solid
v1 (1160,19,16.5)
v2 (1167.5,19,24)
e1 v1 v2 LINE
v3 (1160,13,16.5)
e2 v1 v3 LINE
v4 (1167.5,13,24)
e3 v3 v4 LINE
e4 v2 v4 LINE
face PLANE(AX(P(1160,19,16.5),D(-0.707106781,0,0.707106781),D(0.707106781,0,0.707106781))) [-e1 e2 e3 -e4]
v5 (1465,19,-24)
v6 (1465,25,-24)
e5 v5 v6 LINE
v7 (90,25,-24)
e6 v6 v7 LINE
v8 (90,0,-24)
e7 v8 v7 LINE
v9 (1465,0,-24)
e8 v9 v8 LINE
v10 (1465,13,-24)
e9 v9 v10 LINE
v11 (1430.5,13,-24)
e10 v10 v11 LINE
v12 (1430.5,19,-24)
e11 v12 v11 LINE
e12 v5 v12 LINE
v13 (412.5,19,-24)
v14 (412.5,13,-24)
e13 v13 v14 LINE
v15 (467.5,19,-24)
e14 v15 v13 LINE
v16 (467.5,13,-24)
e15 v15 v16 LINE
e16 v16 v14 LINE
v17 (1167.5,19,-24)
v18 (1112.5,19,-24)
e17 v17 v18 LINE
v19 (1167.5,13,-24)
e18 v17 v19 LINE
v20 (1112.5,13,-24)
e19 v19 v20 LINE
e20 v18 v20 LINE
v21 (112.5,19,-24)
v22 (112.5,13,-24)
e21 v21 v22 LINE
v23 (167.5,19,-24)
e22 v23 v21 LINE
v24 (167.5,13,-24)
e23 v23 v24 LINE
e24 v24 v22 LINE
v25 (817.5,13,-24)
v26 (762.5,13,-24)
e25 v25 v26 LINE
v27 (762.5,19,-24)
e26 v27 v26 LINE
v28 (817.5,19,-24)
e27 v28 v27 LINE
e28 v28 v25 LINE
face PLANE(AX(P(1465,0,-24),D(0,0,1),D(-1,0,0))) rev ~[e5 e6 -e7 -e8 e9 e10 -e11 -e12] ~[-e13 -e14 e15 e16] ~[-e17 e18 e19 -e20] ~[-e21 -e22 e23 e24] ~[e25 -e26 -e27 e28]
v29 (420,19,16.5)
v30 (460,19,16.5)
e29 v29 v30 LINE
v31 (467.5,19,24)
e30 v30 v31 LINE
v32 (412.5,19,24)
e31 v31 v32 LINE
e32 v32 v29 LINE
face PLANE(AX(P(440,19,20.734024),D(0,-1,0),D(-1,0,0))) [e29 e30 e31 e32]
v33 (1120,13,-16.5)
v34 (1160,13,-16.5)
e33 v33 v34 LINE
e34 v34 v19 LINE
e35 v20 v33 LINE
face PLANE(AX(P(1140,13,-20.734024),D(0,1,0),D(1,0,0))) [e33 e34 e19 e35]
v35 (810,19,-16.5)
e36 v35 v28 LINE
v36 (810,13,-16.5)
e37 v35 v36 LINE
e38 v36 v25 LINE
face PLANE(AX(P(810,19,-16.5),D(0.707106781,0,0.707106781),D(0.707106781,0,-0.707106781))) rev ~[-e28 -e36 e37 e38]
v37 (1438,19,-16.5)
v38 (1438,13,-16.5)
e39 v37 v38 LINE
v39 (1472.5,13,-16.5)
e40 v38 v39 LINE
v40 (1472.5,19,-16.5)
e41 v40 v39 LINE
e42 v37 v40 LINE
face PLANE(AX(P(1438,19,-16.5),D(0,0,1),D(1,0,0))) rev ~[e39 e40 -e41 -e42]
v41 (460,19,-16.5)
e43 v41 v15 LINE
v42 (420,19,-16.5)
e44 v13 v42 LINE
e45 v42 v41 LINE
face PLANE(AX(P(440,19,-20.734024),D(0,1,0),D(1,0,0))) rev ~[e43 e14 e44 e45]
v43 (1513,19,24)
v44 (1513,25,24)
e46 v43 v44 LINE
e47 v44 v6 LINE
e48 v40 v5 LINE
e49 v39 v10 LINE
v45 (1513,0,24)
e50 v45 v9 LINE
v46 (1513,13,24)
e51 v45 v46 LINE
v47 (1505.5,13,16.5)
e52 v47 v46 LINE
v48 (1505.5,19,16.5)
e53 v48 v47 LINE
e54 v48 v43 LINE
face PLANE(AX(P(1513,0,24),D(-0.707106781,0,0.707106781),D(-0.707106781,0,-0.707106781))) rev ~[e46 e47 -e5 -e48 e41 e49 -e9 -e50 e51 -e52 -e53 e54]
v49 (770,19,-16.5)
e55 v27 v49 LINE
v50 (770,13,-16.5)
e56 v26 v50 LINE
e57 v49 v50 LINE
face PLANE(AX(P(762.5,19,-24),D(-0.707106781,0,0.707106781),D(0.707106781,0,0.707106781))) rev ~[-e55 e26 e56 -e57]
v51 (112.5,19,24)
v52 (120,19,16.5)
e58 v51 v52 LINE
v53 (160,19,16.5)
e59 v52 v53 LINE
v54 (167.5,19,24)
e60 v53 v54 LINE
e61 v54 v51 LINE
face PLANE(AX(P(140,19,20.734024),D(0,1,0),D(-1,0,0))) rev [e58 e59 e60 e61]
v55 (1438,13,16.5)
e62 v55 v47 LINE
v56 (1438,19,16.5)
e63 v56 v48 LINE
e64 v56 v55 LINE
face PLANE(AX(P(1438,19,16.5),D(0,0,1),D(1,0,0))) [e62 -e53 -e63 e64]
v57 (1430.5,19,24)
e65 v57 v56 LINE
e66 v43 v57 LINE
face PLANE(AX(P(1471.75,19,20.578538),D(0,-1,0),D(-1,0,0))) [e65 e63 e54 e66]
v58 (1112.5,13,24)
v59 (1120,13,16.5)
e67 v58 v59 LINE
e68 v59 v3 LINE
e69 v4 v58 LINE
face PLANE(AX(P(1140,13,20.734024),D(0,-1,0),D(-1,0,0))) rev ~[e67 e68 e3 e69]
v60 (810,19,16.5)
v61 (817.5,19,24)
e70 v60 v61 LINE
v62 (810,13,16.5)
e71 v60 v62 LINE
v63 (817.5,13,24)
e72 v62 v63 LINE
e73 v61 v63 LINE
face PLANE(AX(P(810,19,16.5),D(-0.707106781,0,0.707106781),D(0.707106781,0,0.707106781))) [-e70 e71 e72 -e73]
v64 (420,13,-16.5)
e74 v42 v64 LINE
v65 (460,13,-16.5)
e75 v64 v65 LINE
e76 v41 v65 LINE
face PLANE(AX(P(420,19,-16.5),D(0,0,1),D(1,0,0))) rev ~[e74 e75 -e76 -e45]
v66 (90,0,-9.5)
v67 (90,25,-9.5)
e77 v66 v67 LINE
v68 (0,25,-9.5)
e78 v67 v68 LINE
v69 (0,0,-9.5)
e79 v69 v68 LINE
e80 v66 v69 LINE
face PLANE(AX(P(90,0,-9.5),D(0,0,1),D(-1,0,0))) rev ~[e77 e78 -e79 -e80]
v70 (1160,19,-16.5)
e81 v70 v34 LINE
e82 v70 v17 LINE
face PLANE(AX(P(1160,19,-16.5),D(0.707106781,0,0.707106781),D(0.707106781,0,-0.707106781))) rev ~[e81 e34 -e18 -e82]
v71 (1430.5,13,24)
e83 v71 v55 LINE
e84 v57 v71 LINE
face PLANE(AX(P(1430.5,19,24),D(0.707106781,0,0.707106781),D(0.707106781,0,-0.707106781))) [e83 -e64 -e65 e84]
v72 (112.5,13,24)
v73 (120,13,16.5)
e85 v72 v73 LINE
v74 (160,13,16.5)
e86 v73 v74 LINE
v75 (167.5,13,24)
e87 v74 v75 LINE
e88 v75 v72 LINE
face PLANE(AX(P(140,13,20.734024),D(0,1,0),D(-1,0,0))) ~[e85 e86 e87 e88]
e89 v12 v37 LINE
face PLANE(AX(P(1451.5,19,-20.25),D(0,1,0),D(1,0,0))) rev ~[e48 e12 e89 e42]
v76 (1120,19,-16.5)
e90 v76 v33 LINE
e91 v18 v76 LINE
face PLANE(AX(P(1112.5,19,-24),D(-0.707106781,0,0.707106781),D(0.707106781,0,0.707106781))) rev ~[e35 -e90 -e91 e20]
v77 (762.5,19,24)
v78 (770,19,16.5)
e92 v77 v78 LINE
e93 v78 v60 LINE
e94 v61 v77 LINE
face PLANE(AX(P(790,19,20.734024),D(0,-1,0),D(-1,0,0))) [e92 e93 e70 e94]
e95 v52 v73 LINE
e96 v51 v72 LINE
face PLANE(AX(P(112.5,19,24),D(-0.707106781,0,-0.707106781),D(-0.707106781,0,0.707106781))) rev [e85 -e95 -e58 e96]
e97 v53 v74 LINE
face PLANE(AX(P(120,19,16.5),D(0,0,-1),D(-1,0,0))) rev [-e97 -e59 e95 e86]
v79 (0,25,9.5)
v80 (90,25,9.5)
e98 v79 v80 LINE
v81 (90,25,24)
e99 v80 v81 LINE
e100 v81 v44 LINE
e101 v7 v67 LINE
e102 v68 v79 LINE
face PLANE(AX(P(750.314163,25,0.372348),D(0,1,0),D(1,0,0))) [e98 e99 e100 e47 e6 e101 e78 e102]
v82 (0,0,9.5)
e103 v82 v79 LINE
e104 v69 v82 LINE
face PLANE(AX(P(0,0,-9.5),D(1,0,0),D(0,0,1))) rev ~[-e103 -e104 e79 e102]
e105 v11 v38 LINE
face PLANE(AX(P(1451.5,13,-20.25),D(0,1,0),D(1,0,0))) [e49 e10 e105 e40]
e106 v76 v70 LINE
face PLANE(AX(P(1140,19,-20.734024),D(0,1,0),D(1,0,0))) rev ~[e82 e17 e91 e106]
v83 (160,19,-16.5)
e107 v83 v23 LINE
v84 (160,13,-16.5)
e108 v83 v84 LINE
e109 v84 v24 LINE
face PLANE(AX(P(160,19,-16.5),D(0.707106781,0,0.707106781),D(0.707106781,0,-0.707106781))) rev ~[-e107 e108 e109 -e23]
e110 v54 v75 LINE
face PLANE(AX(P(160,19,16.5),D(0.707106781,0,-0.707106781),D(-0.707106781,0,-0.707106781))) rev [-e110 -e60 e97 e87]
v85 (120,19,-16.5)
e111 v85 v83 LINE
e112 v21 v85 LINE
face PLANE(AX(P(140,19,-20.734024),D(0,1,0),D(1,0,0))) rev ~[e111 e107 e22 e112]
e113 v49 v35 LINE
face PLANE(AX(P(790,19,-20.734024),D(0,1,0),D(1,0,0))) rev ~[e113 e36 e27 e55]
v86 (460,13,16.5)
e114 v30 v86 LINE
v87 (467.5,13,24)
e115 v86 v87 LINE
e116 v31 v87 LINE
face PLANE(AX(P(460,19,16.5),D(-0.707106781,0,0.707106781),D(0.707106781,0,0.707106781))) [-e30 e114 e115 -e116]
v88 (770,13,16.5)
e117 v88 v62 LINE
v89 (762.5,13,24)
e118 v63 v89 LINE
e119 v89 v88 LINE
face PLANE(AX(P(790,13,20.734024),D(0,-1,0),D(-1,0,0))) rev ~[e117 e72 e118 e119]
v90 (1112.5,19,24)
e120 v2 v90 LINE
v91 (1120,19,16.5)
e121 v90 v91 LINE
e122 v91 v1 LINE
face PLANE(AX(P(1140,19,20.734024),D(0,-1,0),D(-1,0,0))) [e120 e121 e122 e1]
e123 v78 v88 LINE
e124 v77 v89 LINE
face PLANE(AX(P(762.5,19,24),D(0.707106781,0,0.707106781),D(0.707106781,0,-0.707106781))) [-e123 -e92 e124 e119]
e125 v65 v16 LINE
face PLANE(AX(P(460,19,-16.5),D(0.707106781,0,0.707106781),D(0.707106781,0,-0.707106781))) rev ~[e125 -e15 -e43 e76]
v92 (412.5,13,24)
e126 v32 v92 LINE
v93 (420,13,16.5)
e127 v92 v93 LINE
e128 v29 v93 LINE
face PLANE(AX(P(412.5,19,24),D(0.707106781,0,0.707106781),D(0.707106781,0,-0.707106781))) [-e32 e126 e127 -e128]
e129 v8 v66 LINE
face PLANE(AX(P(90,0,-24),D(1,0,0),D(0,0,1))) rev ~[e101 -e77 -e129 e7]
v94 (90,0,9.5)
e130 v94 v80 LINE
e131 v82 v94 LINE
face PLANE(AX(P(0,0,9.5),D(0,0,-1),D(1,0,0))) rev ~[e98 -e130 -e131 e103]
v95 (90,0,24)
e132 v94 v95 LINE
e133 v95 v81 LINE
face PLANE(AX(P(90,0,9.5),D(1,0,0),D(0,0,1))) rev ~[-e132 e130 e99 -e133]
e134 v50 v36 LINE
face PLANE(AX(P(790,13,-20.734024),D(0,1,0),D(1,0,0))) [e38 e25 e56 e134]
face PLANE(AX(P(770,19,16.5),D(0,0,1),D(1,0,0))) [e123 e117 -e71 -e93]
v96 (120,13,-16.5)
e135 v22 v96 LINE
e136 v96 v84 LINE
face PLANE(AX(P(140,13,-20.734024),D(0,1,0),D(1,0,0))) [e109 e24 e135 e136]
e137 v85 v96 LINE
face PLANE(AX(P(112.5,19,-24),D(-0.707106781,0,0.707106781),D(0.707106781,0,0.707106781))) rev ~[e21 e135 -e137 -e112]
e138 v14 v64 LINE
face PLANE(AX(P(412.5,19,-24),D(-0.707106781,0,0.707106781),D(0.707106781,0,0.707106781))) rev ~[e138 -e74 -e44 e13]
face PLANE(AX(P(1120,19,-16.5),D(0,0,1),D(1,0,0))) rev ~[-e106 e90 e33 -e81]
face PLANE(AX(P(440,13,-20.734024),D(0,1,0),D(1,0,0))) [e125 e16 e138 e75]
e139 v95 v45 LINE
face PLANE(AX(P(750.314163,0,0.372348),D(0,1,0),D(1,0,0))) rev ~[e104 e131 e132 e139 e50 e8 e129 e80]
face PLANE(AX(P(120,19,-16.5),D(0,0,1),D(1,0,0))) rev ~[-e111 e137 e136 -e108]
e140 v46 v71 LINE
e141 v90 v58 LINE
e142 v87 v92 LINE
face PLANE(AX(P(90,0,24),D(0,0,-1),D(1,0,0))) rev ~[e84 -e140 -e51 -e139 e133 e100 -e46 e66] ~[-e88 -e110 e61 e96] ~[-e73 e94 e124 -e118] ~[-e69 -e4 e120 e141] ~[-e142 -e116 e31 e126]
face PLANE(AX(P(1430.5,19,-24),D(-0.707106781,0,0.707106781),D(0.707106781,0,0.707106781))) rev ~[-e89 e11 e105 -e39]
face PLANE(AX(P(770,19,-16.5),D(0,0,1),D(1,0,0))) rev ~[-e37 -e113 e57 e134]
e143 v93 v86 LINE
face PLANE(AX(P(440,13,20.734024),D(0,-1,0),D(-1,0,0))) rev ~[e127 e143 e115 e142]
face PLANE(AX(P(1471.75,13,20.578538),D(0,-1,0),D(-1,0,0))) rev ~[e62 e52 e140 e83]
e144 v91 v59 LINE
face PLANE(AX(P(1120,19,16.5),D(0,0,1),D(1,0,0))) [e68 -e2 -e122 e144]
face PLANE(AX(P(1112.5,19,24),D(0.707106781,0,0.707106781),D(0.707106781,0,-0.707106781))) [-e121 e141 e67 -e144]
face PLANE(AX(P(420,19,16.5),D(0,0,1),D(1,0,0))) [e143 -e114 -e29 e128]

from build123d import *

# Parameters (mm, degrees)
EXTRUDE_1_DEPTH               = 25
CUT_EXTRUDE_START             = -6
CUT_EXTRUDE_1_DEPTH           = 6
PATTERN_LINEAR_1_COUNT        = 2
PATTERN_LINEAR_1_PITCH        = 300
PATTERN_START                 = -6
PATTERN_LINEAR_3_COPY_1_DEPTH = 6
PATTERN_LINEAR_3_COPY_2_DEPTH = 6
MIRROR_START                  = -6
MIRROR_5_COPY_1_DEPTH         = 6
MIRROR_5_COPY_2_DEPTH         = 6
MIRROR_5_COPY_3_DEPTH         = 6
MIRROR_5_COPY_4_DEPTH         = 6
MIRROR_5_COPY_5_DEPTH         = 6
CUT_EXTRUDE_3_DEPTH           = 6
CUT_EXTRUDE_4_DEPTH           = 6


with BuildPart() as part:
    # 草图1 → 凸台-拉伸1 (new body)
    with BuildSketch(Plane(origin=(0, 0, 0), x_dir=(1, 0, 0), z_dir=(0, 1, 0))):
        Polygon((0, 0), (0, -9.5), (90, -9.5), (90, -24), (1513, -24), (1465, 24), (90, 24), (90, 9.5), (0, 9.5), align=None)
    extrude(amount=EXTRUDE_1_DEPTH)

    # 草图2 → 切除-拉伸1 (cut)
    with BuildSketch(Plane(origin=(0, 25, 0), x_dir=(1, 0, 0), z_dir=(0, 1, 0)).offset(CUT_EXTRUDE_START)):
        Polygon((112.5, 24), (120, 16.5), (160, 16.5), (167.5, 24), align=None)
    cut_extrude_1 = extrude(amount=-CUT_EXTRUDE_1_DEPTH, mode=Mode.SUBTRACT)

    # 阵列(线性)1: 切除-拉伸1 ×2
    with Locations(*[(i * PATTERN_LINEAR_1_PITCH, 0, 0) for i in range(1, PATTERN_LINEAR_1_COUNT)]):
        add(cut_extrude_1, mode=Mode.SUBTRACT)

    # 阵列(线性)3 copy 1 sketch → 阵列(线性)3 copy 1 (cut)
    with BuildSketch(Plane(origin=(650, 25, 0), x_dir=(1, 0, 0), z_dir=(0, 1, 0)).offset(PATTERN_START)):
        Polygon((112.5, 24), (120, 16.5), (160, 16.5), (167.5, 24), align=None)
    extrude(amount=-PATTERN_LINEAR_3_COPY_1_DEPTH, mode=Mode.SUBTRACT)

    # 阵列(线性)3 copy 2 sketch → 阵列(线性)3 copy 2 (cut)
    with BuildSketch(Plane(origin=(1000, 25, 0), x_dir=(1, 0, 0), z_dir=(0, 1, 0)).offset(PATTERN_START)):
        Polygon((112.5, 24), (120, 16.5), (160, 16.5), (167.5, 24), align=None)
    extrude(amount=-PATTERN_LINEAR_3_COPY_2_DEPTH, mode=Mode.SUBTRACT)

    # 镜向3: 切除-拉伸1 across plane
    add(cut_extrude_1.mirror(Plane.XY), mode=Mode.SUBTRACT)

    # 镜向5 copy 1 sketch → 镜向5 copy 1 (cut)
    with BuildSketch(Plane(origin=(300, 25, 0), x_dir=(1, 0, 0), z_dir=(0, 1, 0)).offset(MIRROR_START)):
        Polygon((112.5, -24), (120, -16.5), (160, -16.5), (167.5, -24), align=None)
    extrude(amount=-MIRROR_5_COPY_1_DEPTH, mode=Mode.SUBTRACT)

    # 镜向5 copy 2 sketch → 镜向5 copy 2 (cut)
    with BuildSketch(Plane(origin=(0, 25, 0), x_dir=(1, 0, 0), z_dir=(0, 1, 0)).offset(MIRROR_START)):
        Polygon((112.5, -24), (120, -16.5), (160, -16.5), (167.5, -24), align=None)
    extrude(amount=-MIRROR_5_COPY_2_DEPTH, mode=Mode.SUBTRACT)

    # 镜向5 copy 3 sketch → 镜向5 copy 3 (cut)
    with BuildSketch(Plane(origin=(650, 25, 0), x_dir=(1, 0, 0), z_dir=(0, 1, 0)).offset(MIRROR_START)):
        Polygon((112.5, -24), (120, -16.5), (160, -16.5), (167.5, -24), align=None)
    extrude(amount=-MIRROR_5_COPY_3_DEPTH, mode=Mode.SUBTRACT)

    # 镜向5 copy 4 sketch → 镜向5 copy 4 (cut)
    with BuildSketch(Plane(origin=(1000, 25, 0), x_dir=(1, 0, 0), z_dir=(0, 1, 0)).offset(MIRROR_START)):
        Polygon((112.5, -24), (120, -16.5), (160, -16.5), (167.5, -24), align=None)
    extrude(amount=-MIRROR_5_COPY_4_DEPTH, mode=Mode.SUBTRACT)

    # 镜向5 copy 5 sketch → 镜向5 copy 5 (cut)
    with BuildSketch(Plane(origin=(0, 25, 0), x_dir=(1, 0, 0), z_dir=(0, 1, 0)).offset(MIRROR_START)):
        Polygon((112.5, -24), (120, -16.5), (160, -16.5), (167.5, -24), align=None)
    extrude(amount=-MIRROR_5_COPY_5_DEPTH, mode=Mode.SUBTRACT)

    # 草图3 → 切除-拉伸3 (cut)
    with BuildSketch(Plane(origin=(0, 25, 0), x_dir=(1, 0, 0), z_dir=(0, 1, 0)).offset(CUT_EXTRUDE_START)):
        Polygon((1430.5, 24), (1438, 16.5), (1472.5, 16.5), (1465, 24), align=None)
    extrude(amount=-CUT_EXTRUDE_3_DEPTH, mode=Mode.SUBTRACT)

    # 草图4 → 切除-拉伸4 (cut)
    with BuildSketch(Plane(origin=(0, 25, 0), x_dir=(1, 0, 0), z_dir=(0, 1, 0)).offset(CUT_EXTRUDE_START)):
        Polygon((1430.5, -24), (1438, -16.5), (1505.5, -16.5), (1513, -24), align=None)
    extrude(amount=-CUT_EXTRUDE_4_DEPTH, mode=Mode.SUBTRACT)


solid = part.part
